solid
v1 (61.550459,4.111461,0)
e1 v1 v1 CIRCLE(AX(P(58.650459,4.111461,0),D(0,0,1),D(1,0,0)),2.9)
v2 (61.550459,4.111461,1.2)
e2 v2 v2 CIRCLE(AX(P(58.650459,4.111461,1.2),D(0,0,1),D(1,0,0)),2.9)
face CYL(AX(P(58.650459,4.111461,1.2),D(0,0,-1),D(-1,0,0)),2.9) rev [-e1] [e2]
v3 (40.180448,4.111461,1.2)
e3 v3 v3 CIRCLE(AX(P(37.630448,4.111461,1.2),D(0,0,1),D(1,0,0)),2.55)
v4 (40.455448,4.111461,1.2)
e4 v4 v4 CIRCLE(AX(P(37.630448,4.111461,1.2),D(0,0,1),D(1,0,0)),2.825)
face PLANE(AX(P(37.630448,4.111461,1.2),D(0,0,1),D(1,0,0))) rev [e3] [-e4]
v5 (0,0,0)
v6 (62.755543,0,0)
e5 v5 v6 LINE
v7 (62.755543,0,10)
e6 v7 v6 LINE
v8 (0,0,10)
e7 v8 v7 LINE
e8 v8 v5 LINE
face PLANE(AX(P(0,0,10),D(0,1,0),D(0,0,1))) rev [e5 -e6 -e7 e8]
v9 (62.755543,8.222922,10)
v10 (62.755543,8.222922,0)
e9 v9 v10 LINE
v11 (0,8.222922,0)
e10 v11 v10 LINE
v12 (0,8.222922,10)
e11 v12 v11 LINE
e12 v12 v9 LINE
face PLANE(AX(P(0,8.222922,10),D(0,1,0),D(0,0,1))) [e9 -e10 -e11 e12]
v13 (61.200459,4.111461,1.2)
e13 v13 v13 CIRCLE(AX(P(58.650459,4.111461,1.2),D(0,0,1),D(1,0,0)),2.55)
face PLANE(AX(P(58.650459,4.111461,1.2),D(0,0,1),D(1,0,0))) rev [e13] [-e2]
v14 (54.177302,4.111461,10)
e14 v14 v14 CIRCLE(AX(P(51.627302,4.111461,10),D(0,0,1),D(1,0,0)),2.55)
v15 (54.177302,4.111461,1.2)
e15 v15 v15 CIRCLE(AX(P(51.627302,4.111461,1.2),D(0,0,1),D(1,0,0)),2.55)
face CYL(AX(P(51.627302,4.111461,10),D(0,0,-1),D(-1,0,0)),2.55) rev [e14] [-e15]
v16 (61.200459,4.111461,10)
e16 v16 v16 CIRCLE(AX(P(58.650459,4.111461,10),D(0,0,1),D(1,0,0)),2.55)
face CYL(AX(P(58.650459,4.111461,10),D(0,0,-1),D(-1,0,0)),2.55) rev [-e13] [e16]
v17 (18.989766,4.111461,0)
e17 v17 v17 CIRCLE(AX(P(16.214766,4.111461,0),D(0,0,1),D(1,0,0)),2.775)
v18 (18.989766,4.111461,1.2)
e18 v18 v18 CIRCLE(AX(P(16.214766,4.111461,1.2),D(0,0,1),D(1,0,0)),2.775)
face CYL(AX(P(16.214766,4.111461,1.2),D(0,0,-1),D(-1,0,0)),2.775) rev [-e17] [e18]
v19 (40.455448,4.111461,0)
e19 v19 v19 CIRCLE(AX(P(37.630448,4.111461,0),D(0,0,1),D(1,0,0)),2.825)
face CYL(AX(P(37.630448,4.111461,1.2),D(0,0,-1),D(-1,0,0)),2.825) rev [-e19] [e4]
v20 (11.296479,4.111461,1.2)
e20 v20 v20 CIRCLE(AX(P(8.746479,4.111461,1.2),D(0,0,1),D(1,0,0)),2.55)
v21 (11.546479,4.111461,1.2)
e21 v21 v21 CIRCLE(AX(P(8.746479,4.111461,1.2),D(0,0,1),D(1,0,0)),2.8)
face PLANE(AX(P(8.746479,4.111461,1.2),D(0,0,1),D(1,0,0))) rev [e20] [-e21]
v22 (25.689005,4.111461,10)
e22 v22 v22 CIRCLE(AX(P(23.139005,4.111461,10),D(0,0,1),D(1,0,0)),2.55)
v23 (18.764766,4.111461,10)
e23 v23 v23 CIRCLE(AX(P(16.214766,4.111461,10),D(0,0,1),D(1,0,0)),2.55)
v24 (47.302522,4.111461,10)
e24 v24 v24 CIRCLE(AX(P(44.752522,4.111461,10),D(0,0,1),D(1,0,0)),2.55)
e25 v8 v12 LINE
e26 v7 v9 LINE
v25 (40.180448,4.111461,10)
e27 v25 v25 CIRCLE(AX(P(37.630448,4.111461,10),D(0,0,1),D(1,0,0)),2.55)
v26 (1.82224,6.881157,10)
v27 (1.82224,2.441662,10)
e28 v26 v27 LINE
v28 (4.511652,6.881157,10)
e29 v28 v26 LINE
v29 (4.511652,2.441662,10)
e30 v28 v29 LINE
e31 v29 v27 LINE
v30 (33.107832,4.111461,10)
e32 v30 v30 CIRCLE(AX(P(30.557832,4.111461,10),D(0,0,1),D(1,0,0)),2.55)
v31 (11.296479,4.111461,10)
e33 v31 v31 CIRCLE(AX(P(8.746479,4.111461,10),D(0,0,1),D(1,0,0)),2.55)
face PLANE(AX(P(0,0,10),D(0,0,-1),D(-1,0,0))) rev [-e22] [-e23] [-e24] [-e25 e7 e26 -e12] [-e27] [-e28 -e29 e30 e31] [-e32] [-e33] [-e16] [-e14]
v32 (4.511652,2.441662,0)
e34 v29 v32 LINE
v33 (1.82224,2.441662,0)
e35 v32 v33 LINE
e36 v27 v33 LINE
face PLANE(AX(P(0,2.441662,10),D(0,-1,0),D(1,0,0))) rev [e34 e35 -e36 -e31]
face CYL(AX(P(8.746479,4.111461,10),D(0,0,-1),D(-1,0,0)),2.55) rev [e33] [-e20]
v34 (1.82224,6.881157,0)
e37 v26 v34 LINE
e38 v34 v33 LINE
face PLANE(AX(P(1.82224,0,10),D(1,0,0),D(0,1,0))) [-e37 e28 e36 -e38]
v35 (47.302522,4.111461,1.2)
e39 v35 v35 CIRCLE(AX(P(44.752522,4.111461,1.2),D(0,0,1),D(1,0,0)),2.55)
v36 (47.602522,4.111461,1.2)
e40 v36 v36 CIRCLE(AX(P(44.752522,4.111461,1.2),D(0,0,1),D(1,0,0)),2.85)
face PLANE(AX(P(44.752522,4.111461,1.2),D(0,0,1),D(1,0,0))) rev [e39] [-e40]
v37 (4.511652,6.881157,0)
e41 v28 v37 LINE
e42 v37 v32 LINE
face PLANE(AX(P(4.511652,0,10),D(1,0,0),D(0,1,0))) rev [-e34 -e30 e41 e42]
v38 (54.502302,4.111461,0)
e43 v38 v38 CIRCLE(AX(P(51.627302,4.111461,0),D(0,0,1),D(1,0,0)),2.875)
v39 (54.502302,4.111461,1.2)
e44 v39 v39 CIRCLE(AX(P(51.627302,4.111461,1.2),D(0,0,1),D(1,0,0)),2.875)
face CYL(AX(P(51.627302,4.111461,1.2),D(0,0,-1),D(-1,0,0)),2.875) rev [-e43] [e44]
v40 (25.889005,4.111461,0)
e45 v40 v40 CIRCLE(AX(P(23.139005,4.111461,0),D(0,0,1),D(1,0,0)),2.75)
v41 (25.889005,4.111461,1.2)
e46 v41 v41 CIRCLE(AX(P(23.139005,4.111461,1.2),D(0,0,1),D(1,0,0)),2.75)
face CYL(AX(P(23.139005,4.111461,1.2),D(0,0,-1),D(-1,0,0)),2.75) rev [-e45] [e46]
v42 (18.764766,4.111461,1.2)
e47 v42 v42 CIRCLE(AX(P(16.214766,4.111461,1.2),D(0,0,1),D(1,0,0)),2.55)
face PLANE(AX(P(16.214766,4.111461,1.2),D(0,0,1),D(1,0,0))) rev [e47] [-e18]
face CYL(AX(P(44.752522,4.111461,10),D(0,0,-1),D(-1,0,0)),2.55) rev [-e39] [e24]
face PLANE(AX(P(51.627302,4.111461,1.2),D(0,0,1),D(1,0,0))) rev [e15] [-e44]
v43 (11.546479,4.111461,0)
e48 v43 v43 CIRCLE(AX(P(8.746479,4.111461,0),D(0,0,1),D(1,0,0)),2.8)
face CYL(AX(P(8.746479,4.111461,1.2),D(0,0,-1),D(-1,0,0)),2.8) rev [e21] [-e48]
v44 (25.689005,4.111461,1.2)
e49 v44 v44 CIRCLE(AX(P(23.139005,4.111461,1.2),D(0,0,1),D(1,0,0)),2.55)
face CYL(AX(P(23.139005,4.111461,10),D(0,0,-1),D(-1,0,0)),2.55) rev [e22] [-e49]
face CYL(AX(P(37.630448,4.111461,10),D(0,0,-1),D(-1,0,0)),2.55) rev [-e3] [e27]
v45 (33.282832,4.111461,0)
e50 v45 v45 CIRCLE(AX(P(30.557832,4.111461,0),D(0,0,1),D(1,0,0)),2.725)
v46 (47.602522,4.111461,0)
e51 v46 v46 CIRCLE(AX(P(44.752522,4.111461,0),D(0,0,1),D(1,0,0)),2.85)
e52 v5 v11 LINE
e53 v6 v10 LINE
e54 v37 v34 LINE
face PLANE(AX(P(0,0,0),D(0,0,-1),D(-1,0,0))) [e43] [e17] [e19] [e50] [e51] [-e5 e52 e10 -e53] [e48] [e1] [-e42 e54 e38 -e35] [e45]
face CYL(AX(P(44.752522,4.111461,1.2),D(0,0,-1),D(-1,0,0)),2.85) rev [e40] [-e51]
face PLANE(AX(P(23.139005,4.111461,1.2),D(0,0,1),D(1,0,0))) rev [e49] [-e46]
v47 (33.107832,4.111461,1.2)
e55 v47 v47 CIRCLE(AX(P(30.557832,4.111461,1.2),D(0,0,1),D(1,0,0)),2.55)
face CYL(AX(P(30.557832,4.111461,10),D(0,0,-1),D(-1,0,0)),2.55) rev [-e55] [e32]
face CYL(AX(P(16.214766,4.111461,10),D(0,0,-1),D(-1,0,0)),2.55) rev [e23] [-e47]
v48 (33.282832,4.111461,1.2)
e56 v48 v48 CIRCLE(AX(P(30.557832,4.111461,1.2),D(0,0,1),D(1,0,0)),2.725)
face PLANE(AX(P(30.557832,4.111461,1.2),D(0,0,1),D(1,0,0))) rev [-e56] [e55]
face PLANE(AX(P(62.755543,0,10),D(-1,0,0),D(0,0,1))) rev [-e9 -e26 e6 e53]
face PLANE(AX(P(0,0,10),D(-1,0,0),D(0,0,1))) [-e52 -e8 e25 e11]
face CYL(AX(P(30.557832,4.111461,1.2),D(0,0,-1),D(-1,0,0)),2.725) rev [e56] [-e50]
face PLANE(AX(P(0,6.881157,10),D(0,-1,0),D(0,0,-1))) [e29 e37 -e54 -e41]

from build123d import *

# Parameters (mm, degrees)
SKETCH1_W           = 62.755543402
SKETCH1_H           = 8.222921835
BOSS_EXTRUDE1_DEPTH = 10
SKETCH1_3_R         = 2.55
SKETCH1_3_W         = 2.689412068
SKETCH1_3_H         = 4.439494762
CUT_EXTRUDE1_DEPTH  = 10
SKETCH1_4_R         = 2.8
SKETCH1_4_R_2       = 2.775
SKETCH1_4_R_3       = 2.75
SKETCH1_4_R_4       = 2.725
SKETCH1_4_R_5       = 2.825
SKETCH1_4_R_6       = 2.85
SKETCH1_4_R_7       = 2.875
SKETCH1_4_R_8       = 2.9
CUT_EXTRUDE2_DEPTH  = 1.2


with BuildPart() as part:
    # Sketch1 → Boss-Extrude1 (new body)
    with BuildSketch(Plane.XY):
        with Locations((31.377771701, 4.111460918)):
            Rectangle(SKETCH1_W, SKETCH1_H)
    extrude(amount=BOSS_EXTRUDE1_DEPTH)

    # Sketch1<3> → Cut-Extrude1 (cut)
    with BuildSketch(Plane.XY):
        with Locations((8.746479161, 4.111460918)):
            Circle(SKETCH1_3_R)
        with Locations((16.214765516, 4.111460918)):
            Circle(SKETCH1_3_R)
        with Locations((23.139004522, 4.111460918)):
            Circle(SKETCH1_3_R)
        with Locations((30.557832028, 4.111460918)):
            Circle(SKETCH1_3_R)
        with Locations((37.630447583, 4.111460918)):
            Circle(SKETCH1_3_R)
        with Locations((44.752521989, 4.111460918)):
            Circle(SKETCH1_3_R)
        with Locations((51.627302144, 4.111460918)):
            Circle(SKETCH1_3_R)
        with Locations((58.650458849, 4.111460918)):
            Circle(SKETCH1_3_R)
        with Locations((3.166946189, 4.661409139)):
            Rectangle(SKETCH1_3_W, SKETCH1_3_H)
    extrude(amount=CUT_EXTRUDE1_DEPTH, mode=Mode.SUBTRACT)

    # Sketch1<4> → Cut-Extrude2 (cut)
    with BuildSketch(Plane.XY):
        with Locations((8.746479161, 4.111460918)):
            Circle(SKETCH1_4_R)
        with Locations((16.214765516, 4.111460918)):
            Circle(SKETCH1_4_R_2)
        with Locations((23.139004522, 4.111460918)):
            Circle(SKETCH1_4_R_3)
        with Locations((30.557832028, 4.111460918)):
            Circle(SKETCH1_4_R_4)
        with Locations((37.630447583, 4.111460918)):
            Circle(SKETCH1_4_R_5)
        with Locations((44.752521989, 4.111460918)):
            Circle(SKETCH1_4_R_6)
        with Locations((51.627302144, 4.111460918)):
            Circle(SKETCH1_4_R_7)
        with Locations((58.650458849, 4.111460918)):
            Circle(SKETCH1_4_R_8)
    extrude(amount=CUT_EXTRUDE2_DEPTH, mode=Mode.SUBTRACT)


solid = part.part
